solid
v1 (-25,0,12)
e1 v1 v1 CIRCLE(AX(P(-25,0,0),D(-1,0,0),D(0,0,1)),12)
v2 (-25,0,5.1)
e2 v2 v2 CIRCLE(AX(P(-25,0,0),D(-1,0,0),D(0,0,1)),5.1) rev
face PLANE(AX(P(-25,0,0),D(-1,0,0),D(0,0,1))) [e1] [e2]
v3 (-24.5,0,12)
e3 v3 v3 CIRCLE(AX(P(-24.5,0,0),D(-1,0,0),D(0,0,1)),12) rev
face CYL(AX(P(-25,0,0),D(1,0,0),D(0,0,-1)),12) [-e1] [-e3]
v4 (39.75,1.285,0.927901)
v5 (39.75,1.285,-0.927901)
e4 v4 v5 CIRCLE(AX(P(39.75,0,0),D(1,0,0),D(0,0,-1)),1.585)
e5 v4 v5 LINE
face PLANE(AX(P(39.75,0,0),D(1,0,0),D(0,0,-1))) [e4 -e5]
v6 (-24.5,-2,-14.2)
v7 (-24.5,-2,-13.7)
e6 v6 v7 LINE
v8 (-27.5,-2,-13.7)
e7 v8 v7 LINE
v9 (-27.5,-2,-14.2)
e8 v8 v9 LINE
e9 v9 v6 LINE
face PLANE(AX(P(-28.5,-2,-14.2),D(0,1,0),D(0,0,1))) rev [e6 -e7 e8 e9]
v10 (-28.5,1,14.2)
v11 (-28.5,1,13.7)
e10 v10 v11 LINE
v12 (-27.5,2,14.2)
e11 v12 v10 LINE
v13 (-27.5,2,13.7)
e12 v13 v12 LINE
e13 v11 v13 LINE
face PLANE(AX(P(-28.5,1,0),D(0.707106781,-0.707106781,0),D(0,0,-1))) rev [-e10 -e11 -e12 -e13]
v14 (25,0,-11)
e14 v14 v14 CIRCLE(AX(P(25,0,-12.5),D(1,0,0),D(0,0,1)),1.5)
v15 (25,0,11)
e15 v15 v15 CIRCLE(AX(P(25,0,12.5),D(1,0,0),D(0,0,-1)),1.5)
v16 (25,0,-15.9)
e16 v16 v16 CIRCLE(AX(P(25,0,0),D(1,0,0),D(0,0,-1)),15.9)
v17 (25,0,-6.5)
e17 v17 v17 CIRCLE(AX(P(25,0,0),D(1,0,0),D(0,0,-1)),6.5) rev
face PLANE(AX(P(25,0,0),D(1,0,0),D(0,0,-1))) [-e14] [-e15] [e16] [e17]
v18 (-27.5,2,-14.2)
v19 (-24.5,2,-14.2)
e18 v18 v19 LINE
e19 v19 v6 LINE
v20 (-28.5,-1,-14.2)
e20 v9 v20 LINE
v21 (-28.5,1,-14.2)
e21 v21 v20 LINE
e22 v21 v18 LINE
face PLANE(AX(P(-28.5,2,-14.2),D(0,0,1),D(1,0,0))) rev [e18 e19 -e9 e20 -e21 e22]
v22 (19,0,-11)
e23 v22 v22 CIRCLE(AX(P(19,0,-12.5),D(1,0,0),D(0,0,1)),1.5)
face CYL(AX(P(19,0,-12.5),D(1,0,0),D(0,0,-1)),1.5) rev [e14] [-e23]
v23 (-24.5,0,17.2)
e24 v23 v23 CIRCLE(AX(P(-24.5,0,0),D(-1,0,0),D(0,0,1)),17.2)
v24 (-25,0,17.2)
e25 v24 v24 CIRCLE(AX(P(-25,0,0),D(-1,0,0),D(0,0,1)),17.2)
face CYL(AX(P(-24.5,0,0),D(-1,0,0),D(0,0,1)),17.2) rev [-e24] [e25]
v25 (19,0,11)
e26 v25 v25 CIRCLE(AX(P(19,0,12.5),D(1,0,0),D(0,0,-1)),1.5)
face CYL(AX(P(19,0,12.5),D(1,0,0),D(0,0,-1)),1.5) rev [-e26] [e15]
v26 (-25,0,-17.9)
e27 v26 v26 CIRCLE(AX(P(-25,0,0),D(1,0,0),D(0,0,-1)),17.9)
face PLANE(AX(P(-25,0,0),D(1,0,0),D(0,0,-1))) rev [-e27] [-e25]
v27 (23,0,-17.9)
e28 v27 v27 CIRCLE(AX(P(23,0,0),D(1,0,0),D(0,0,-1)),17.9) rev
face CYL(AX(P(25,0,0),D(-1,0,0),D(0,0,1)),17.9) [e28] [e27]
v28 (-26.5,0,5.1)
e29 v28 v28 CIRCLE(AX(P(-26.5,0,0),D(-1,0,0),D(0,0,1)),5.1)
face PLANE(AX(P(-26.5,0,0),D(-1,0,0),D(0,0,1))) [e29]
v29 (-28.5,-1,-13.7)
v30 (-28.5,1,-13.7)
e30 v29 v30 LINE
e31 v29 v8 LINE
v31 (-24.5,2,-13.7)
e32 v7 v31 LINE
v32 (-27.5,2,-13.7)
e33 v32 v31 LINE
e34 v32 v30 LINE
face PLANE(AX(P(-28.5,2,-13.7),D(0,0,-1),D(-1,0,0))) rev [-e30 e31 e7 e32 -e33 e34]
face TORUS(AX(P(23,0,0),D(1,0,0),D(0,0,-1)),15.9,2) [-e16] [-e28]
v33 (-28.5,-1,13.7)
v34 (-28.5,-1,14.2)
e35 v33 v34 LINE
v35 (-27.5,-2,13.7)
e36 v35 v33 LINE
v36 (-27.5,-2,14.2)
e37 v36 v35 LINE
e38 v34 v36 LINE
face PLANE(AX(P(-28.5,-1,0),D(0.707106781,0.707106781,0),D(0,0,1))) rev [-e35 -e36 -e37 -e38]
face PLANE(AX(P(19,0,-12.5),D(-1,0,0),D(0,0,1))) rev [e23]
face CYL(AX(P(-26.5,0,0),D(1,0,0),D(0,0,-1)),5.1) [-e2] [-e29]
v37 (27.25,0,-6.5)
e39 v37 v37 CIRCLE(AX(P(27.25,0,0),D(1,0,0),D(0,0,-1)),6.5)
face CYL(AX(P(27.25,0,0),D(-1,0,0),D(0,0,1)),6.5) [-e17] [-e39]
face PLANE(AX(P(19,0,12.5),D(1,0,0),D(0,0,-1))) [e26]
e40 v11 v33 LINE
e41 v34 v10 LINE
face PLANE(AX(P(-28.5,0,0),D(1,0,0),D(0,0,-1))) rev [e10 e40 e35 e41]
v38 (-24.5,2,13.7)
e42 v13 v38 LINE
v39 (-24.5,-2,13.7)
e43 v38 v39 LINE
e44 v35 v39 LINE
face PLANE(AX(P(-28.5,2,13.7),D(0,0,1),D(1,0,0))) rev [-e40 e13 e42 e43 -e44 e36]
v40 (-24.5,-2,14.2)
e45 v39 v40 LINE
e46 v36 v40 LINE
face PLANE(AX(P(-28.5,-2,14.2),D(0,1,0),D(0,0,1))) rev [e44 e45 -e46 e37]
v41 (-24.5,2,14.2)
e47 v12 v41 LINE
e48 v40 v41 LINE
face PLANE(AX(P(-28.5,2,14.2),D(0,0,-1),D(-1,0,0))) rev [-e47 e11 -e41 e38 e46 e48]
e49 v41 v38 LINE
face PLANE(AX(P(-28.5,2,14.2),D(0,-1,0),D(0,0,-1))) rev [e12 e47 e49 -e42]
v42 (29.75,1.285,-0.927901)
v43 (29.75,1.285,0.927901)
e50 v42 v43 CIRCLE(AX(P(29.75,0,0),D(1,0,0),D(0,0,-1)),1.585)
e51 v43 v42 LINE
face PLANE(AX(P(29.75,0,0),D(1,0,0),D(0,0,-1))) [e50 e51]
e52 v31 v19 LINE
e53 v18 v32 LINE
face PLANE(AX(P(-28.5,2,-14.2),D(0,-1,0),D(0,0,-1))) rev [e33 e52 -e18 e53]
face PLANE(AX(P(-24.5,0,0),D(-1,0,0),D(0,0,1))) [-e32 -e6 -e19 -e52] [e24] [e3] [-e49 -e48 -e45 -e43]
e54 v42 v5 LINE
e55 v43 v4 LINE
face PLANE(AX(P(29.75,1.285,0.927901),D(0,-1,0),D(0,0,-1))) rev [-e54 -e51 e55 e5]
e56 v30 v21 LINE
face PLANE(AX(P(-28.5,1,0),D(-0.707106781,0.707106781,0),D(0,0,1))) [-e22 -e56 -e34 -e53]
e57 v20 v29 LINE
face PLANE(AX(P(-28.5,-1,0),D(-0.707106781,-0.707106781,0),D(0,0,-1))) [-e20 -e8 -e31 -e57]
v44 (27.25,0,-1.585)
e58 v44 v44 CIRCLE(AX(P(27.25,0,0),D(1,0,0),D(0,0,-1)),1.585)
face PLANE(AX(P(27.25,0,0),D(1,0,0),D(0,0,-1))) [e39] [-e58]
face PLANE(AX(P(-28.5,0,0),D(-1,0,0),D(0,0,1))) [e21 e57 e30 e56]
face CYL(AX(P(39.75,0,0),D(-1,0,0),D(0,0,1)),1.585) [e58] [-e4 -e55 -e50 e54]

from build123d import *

# Parameters (mm, degrees)
SKETCH1_R           = 17.9
MOTOR_BODY_DEPTH    = 25
SKETCH2_R           = 17.2
CUT_EXTRUDE1_DEPTH  = 0.5
SKETCH3_R           = 12
BOSS_EXTRUDE2_DEPTH = 0.5
SKETCH4_R           = 5.1
BOSS_EXTRUDE3_DEPTH = 1.5
FILLET1_R           = 2
SKETCH5_W           = 0.5
SKETCH5_H           = 4
BOSS_EXTRUDE4_DEPTH = 4
CHAMFER1_SIZE       = 1
SKETCH6_R           = 1.5
MOUNT_HOLES_DEPTH   = 6
SKETCH7_R           = 6.5
BOSS_EXTRUDE5_DEPTH = 2.25
SKETCH8_R           = 1.585
OUTPUT_SHAFT_DEPTH  = 12.5
CUT_EXTRUDE3_DEPTH  = 10


with BuildPart() as part:
    # Sketch1 → Motor-Body (new body, symmetric)
    with BuildSketch(Plane(origin=(0, 0, 0), x_dir=(0, 0, -1), z_dir=(1, 0, 0))):
        Circle(SKETCH1_R)
    extrude(amount=MOTOR_BODY_DEPTH, both=True)

    # Sketch2 → Cut-Extrude1 (cut)
    with BuildSketch(Plane.ZY.offset(25)):
        Circle(SKETCH2_R)
    extrude(amount=-CUT_EXTRUDE1_DEPTH, mode=Mode.SUBTRACT)

    # Sketch3 → Boss-Extrude2 (add, symmetric)
    with BuildSketch(Plane.ZY.offset(24.5)):
        Circle(SKETCH3_R)
    extrude(amount=BOSS_EXTRUDE2_DEPTH, both=True)

    # Sketch4 → Boss-Extrude3 (add, symmetric)
    with BuildSketch(Plane.ZY.offset(25)):
        Circle(SKETCH4_R)
    extrude(amount=BOSS_EXTRUDE3_DEPTH, both=True)

    # Fillet1
    fillet1_edges = [part.edges().sort_by_distance(p)[0] for p in [
        (25, 0, 17.9),
    ]]
    fillet(fillet1_edges, radius=FILLET1_R)

    # Sketch5 → Boss-Extrude4 (add)
    with BuildSketch(Plane.ZY.offset(24.5)):
        with Locations((-13.95, 0)):
            Rectangle(SKETCH5_W, SKETCH5_H)
        with Locations((13.95, 0)):
            Rectangle(SKETCH5_W, SKETCH5_H)
    extrude(amount=BOSS_EXTRUDE4_DEPTH)

    # Chamfer1
    chamfer1_edges = [part.edges().sort_by_distance(p)[0] for p in [
        (-28.5, 2, -13.95),
        (-28.5, -2, -13.95),
        (-28.5, 2, 13.95),
        (-28.5, -2, 13.95),
    ]]
    chamfer(chamfer1_edges, length=CHAMFER1_SIZE)

    # Sketch6 → Mount-Holes (cut)
    with BuildSketch(Plane(origin=(25, 0, 0), x_dir=(0, 0, -1), z_dir=(1, 0, 0))):
        with Locations((-12.5, 0)):
            Circle(SKETCH6_R)
        with Locations((12.5, 0)):
            Circle(SKETCH6_R)
    extrude(amount=-MOUNT_HOLES_DEPTH, mode=Mode.SUBTRACT)

    # Sketch7 → Boss-Extrude5 (add, symmetric)
    with BuildSketch(Plane(origin=(25, 0, 0), x_dir=(0, 0, -1), z_dir=(1, 0, 0))):
        Circle(SKETCH7_R)
    extrude(amount=BOSS_EXTRUDE5_DEPTH, both=True)

    # Sketch8 → Output-Shaft (add)
    with BuildSketch(Plane(origin=(27.25, 0, 0), x_dir=(0, 0, -1), z_dir=(1, 0, 0))):
        Circle(SKETCH8_R)
    extrude(amount=OUTPUT_SHAFT_DEPTH)

    # Sketch9 → Cut-Extrude3 (cut)
    with BuildSketch(Plane(origin=(39.75, 0, 0), x_dir=(0, 0, -1), z_dir=(1, 0, 0))):
        with BuildLine():
            Line((-0.927900857, 1.285), (0.927900857, 1.285))
            ThreePointArc((0.927900857, 1.285), (0, 1.585), (-0.927900857, 1.285))
        make_face()
    extrude(amount=-CUT_EXTRUDE3_DEPTH, mode=Mode.SUBTRACT)


solid = part.part
